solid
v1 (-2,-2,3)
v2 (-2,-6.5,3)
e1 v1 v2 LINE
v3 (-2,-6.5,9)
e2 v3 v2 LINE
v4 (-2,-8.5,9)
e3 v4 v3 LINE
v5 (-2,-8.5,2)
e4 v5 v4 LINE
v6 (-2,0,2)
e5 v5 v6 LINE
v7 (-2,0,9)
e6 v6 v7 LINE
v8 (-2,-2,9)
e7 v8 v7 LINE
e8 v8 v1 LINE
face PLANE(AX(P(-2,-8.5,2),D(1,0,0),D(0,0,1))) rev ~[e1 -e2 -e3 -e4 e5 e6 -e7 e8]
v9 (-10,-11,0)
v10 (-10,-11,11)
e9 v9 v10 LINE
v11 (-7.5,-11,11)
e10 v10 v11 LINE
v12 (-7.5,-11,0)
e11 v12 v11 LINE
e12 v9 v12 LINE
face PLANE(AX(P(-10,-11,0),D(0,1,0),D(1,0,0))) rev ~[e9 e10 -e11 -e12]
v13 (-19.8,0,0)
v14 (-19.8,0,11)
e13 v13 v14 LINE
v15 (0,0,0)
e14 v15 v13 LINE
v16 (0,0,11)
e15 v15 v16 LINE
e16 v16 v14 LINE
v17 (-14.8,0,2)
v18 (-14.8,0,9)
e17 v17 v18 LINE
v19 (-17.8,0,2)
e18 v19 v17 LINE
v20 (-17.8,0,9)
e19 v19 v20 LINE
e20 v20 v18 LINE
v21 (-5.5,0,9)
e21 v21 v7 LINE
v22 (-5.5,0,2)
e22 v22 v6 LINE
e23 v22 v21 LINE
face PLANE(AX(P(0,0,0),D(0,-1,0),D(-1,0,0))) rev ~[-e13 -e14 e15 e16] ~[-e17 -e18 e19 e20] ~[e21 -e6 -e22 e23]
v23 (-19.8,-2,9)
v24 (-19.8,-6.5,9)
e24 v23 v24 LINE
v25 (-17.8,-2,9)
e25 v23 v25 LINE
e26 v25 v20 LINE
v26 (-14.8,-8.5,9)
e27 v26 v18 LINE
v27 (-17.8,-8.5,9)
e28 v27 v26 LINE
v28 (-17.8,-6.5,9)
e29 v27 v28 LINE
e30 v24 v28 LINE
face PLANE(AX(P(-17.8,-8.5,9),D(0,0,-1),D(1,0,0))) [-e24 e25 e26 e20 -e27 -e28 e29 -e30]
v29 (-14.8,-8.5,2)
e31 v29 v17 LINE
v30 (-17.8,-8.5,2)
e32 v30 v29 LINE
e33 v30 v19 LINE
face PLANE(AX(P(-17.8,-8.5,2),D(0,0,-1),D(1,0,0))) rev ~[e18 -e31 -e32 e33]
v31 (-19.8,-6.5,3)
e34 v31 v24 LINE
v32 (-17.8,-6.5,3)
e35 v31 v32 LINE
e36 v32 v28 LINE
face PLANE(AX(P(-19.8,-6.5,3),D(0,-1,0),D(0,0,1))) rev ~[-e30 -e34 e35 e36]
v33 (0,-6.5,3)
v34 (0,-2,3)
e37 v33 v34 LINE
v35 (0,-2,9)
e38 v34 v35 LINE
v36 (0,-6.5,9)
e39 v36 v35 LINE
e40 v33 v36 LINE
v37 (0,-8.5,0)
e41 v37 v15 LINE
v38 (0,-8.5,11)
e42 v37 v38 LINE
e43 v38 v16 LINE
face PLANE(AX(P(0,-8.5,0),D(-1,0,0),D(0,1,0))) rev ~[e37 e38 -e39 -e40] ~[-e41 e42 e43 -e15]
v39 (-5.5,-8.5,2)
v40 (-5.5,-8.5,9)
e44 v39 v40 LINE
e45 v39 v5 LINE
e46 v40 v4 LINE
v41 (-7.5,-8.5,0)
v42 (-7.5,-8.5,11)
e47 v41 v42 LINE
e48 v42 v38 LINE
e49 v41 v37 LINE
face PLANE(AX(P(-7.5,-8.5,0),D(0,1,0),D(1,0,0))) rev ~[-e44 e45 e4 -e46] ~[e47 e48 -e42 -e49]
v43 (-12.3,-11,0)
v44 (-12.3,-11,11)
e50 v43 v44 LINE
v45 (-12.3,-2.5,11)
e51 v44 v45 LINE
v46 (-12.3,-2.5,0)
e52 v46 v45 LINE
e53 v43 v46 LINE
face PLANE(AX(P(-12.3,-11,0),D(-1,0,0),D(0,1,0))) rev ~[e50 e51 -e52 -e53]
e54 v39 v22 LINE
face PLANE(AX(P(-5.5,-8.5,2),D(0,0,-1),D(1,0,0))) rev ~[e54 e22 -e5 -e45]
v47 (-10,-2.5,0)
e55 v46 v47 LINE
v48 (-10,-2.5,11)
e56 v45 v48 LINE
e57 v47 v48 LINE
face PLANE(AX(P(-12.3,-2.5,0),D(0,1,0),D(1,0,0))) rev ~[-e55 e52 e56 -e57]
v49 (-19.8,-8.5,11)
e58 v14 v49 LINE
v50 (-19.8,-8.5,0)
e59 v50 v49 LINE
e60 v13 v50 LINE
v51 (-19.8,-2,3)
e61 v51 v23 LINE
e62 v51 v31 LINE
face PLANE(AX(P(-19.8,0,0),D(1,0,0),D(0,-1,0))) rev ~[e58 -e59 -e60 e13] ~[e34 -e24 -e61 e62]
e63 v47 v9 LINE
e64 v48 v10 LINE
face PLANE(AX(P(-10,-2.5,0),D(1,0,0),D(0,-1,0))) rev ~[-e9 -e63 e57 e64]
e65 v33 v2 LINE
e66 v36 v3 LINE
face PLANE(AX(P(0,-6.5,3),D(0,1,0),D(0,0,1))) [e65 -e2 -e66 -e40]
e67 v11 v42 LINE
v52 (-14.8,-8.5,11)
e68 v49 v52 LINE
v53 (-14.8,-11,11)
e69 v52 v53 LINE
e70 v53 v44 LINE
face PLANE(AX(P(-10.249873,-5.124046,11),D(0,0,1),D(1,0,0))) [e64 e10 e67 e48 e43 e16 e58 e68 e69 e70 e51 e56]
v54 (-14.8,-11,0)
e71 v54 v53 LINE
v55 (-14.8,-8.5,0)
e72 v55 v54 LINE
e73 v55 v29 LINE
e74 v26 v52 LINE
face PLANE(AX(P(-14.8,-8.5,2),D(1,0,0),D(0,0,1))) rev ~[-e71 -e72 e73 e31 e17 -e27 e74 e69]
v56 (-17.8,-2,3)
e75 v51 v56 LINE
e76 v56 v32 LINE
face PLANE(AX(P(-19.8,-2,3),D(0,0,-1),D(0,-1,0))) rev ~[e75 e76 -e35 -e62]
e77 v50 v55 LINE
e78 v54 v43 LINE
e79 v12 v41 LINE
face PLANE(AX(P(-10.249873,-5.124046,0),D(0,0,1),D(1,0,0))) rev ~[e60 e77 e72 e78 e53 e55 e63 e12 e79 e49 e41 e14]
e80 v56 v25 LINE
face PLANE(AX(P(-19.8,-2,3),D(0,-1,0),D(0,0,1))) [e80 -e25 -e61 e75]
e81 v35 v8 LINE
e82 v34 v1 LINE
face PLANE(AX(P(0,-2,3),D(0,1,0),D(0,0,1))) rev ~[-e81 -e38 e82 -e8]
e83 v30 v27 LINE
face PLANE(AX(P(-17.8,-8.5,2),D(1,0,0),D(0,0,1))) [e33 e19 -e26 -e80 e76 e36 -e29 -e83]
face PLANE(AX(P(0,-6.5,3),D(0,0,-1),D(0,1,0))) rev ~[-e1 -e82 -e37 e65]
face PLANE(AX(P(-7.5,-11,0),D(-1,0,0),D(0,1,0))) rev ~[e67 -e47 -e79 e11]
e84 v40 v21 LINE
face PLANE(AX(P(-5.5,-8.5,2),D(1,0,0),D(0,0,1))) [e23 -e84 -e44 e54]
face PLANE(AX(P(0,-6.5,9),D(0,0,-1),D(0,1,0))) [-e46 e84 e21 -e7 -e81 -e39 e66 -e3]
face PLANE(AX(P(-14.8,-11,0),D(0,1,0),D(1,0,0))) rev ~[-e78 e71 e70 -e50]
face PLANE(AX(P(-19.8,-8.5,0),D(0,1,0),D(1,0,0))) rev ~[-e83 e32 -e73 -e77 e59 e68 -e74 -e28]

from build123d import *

# Parameters (mm, degrees)
F1_DEPTH = 11
F2_W     = 4.5
F2_H     = 6
F3_DEPTH = 5
F4_W     = 3
F4_H     = 7
F5_DEPTH = 8.501
F6_W     = 4.5
F6_H     = 6
F7_DEPTH = 5
F8_W     = 3.5
F8_H     = 7
F9_DEPTH = 8.501


with BuildPart() as f1:
    # F0 (on Top) → F1 (new body)
    with BuildSketch(Plane.XY):
        Polygon((0, -8.5), (0, 0), (-19.8, 0), (-19.8, -8.5), (-14.8, -8.5), (-14.8, -11), (-12.3, -11), (-12.3, -2.5), (-10, -2.5), (-10, -11), (-7.5, -11), (-7.5, -8.5), align=None)
    extrude(amount=F1_DEPTH)

    # F2 (on face) → F3 (cut, through all)
    with BuildSketch(Plane(origin=(-19.8, 0, 0), x_dir=(0, -1, 0), z_dir=(-1, 0, 0))):
        with Locations((4.25, 6)):
            Rectangle(F2_W, F2_H)
    extrude(amount=-F3_DEPTH, mode=Mode.SUBTRACT)

    # F4 (on face) → F5 (cut, through all)
    with BuildSketch(Plane.XZ.offset(8.5)):
        with Locations((-16.3, 5.5)):
            Rectangle(F4_W, F4_H)
    extrude(amount=-F5_DEPTH, mode=Mode.SUBTRACT)

    # F6 (on face) → F7 (cut)
    with BuildSketch(Plane.YZ):
        with Locations((-4.25, 6)):
            Rectangle(F6_W, F6_H)
    extrude(amount=-F7_DEPTH, mode=Mode.SUBTRACT)

    # F8 (on face) → F9 (cut, through all)
    with BuildSketch(Plane.XZ.offset(8.5)):
        with Locations((-3.75, 5.5)):
            Rectangle(F8_W, F8_H)
    extrude(amount=-F9_DEPTH, mode=Mode.SUBTRACT)


solid = f1.part
